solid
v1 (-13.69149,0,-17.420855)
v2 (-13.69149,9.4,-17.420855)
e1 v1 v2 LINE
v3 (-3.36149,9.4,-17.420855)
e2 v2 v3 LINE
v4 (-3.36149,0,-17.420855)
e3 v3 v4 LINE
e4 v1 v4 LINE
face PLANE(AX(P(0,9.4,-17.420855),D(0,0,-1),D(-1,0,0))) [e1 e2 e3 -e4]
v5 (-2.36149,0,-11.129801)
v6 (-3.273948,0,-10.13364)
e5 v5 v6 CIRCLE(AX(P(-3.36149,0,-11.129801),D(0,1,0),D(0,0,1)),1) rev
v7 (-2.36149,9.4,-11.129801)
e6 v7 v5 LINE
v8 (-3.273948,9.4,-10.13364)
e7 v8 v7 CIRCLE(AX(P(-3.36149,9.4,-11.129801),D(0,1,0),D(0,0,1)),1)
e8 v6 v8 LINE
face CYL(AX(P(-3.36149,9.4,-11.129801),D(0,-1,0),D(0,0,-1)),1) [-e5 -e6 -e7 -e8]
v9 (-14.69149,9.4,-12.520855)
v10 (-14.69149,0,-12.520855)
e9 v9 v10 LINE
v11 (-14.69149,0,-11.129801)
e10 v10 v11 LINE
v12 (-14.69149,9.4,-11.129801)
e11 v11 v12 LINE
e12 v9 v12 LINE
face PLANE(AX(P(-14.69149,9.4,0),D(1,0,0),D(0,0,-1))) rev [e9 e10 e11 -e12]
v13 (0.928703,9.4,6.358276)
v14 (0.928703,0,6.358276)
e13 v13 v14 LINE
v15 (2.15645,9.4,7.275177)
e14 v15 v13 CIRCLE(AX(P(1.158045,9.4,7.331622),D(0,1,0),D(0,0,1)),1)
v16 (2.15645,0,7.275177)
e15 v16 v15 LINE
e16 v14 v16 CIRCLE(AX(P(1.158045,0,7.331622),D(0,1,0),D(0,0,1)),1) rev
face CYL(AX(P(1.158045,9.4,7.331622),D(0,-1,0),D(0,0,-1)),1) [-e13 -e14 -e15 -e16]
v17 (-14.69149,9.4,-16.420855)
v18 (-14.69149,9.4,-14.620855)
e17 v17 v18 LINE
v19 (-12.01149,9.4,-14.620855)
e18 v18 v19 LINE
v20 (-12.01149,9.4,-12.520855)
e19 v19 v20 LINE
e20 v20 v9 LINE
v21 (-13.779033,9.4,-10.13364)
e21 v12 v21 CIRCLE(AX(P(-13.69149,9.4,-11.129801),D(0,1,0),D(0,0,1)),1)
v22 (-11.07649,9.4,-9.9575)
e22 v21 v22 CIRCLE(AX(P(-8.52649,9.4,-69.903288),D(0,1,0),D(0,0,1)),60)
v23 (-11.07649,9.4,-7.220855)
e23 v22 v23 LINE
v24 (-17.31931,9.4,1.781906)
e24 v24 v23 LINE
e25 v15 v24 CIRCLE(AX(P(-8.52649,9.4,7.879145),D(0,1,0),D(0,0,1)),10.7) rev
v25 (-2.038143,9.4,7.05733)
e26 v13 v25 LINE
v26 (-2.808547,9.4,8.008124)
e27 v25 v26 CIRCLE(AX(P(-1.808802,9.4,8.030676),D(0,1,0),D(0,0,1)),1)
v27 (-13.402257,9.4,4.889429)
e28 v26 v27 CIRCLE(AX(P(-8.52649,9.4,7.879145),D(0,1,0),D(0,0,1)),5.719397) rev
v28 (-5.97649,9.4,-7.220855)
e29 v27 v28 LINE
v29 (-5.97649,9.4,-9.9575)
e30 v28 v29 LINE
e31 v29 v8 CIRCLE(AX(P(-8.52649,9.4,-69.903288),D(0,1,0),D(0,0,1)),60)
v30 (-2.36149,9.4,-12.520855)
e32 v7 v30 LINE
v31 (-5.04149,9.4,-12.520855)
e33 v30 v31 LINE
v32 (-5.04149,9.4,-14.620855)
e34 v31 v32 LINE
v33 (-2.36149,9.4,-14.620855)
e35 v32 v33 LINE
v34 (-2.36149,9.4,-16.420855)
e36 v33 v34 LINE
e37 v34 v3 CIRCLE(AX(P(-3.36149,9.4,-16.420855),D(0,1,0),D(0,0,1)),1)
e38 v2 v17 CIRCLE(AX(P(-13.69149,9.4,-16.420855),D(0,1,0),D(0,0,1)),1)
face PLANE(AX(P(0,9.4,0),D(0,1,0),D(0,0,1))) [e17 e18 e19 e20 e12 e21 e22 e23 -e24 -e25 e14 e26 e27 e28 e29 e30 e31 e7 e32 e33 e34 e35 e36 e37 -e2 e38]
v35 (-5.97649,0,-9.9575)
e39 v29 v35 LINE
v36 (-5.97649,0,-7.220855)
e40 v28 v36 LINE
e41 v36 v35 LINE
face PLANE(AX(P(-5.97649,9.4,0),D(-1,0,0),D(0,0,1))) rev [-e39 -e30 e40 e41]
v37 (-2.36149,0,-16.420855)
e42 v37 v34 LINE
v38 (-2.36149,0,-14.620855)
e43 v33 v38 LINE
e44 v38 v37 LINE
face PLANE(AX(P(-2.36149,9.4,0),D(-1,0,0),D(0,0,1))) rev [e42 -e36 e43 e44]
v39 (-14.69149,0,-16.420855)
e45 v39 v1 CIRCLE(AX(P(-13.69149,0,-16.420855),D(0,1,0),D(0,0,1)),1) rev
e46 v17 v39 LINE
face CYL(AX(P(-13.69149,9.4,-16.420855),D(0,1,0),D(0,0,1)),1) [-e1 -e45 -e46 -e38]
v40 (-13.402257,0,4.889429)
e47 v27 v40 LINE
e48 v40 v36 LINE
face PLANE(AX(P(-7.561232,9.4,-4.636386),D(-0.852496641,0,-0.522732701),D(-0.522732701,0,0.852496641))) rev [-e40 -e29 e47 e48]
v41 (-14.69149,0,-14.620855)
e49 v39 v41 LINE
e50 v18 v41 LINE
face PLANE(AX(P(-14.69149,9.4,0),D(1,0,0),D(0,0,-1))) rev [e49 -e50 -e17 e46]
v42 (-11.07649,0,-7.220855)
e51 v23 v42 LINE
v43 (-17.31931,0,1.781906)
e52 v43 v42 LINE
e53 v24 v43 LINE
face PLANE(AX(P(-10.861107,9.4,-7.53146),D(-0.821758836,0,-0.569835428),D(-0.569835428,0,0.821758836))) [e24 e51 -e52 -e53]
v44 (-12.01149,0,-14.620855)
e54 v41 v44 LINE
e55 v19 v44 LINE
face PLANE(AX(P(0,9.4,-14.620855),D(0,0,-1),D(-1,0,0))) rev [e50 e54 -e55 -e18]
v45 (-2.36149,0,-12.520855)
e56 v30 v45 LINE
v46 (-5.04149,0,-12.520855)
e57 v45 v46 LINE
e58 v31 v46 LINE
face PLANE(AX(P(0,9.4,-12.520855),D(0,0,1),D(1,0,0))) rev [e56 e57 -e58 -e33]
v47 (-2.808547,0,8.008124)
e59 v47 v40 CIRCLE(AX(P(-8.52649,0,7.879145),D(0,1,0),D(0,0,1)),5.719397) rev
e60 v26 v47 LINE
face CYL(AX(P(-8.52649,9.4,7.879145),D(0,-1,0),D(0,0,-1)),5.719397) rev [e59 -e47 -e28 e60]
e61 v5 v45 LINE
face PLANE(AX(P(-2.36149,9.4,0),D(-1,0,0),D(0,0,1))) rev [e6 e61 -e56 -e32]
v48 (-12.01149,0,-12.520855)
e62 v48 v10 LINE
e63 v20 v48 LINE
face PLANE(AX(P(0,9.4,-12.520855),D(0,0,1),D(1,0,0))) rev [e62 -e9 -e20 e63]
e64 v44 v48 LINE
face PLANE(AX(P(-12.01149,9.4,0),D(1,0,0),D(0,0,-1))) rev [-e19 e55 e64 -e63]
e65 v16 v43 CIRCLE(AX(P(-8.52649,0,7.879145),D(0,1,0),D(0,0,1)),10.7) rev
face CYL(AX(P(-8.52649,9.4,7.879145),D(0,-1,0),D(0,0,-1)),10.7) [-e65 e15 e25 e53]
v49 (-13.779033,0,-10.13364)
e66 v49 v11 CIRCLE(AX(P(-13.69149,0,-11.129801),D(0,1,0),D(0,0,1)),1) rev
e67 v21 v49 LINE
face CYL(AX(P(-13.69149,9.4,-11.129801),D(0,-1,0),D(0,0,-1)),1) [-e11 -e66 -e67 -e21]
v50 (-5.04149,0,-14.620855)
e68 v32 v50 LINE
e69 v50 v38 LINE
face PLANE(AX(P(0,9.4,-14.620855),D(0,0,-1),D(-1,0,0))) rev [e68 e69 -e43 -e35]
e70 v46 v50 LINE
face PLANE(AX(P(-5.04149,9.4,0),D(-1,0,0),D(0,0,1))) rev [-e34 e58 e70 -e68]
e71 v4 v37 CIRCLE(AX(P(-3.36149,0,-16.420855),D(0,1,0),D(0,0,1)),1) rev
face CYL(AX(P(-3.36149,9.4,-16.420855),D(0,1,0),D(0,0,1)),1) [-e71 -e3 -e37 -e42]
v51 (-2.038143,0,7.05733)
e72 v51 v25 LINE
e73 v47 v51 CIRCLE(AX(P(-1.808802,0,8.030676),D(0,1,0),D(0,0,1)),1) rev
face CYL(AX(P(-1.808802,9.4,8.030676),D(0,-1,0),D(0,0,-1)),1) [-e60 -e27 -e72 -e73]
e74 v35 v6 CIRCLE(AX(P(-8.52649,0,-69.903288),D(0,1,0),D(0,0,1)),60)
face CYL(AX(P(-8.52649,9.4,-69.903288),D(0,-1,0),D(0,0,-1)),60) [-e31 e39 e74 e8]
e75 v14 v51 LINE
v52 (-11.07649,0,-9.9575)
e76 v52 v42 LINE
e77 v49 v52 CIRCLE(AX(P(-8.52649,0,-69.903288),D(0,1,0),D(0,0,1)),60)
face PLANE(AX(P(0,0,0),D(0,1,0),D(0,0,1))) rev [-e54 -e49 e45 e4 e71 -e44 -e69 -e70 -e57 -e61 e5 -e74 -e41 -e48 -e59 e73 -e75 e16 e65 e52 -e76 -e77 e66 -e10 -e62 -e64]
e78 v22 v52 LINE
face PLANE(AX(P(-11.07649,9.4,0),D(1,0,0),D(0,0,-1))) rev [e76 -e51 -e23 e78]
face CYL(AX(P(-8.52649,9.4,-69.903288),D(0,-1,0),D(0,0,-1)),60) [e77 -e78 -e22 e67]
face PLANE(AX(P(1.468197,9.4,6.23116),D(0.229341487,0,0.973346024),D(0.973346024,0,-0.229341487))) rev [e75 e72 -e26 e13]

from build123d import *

# Parameters (mm, degrees)
ESTRUSIONE_ESTRUSIONE1_DEPTH = 9.4
RACCORDO1_R                  = 1


with BuildPart() as part:
    # Schizzo1 → Estrusione-Estrusione1 (new body)
    with BuildSketch(Plane(origin=(0, 0, 0), x_dir=(1, 0, 0), z_dir=(0, 1, 0))):
        with BuildLine():
            Line((-2.361490309, 17.420855221), (-14.691490309, 17.420855221))
            Line((-14.691490309, 17.420855221), (-14.691490309, 14.620855221))
            Line((-14.691490309, 14.620855221), (-12.011490309, 14.620855221))
            Line((-12.011490309, 14.620855221), (-12.011490309, 12.520855221))
            Line((-12.011490309, 12.520855221), (-14.691490309, 12.520855221))
            Line((-14.691490309, 12.520855221), (-14.691490309, 10.220855221))
            ThreePointArc((-14.691490309, 10.220855221), (-12.885979413, 10.061873727), (-11.076490309, 9.957499929))
            Line((-11.076490309, 9.957499929), (-11.076490309, 7.220855221))
            Line((-11.076490309, 7.220855221), (-17.319309854, -1.781905696))
            ThreePointArc((-17.319309854, -1.781905696), (-10.857687466, -18.322109867), (2.024570257, -6.100066099))
            Line((2.024570257, -6.100066099), (-2.842159863, -7.246773536))
            ThreePointArc((-2.842159863, -7.246773536), (-9.772569078, -13.461151023), (-13.402257337, -4.889428758))
            Line((-13.402257337, -4.889428758), (-5.976490309, 7.220855221))
            Line((-5.976490309, 7.220855221), (-5.976490309, 9.957499929))
            ThreePointArc((-5.976490309, 9.957499929), (-4.167001204, 10.061873727), (-2.361490309, 10.220855221))
            Line((-2.361490309, 10.220855221), (-2.361490309, 12.520855221))
            Line((-2.361490309, 12.520855221), (-5.041490309, 12.520855221))
            Line((-5.041490309, 12.520855221), (-5.041490309, 14.620855221))
            Line((-5.041490309, 14.620855221), (-2.361490309, 14.620855221))
            Line((-2.361490309, 14.620855221), (-2.361490309, 17.420855221))
        make_face()
    extrude(amount=ESTRUSIONE_ESTRUSIONE1_DEPTH)

    # Raccordo1
    raccordo1_edges = [part.edges().sort_by_distance(p)[0] for p in [
        (-2.842159863, 4.7, 7.246773536),
        (2.024570257, 4.7, 6.100066099),
        (-14.691490309, 4.7, -10.220855221),
        (-14.691490309, 4.7, -17.420855221),
        (-2.361490309, 4.7, -17.420855221),
        (-2.361490309, 4.7, -10.220855221),
    ]]
    fillet(raccordo1_edges, radius=RACCORDO1_R)


solid = part.part
